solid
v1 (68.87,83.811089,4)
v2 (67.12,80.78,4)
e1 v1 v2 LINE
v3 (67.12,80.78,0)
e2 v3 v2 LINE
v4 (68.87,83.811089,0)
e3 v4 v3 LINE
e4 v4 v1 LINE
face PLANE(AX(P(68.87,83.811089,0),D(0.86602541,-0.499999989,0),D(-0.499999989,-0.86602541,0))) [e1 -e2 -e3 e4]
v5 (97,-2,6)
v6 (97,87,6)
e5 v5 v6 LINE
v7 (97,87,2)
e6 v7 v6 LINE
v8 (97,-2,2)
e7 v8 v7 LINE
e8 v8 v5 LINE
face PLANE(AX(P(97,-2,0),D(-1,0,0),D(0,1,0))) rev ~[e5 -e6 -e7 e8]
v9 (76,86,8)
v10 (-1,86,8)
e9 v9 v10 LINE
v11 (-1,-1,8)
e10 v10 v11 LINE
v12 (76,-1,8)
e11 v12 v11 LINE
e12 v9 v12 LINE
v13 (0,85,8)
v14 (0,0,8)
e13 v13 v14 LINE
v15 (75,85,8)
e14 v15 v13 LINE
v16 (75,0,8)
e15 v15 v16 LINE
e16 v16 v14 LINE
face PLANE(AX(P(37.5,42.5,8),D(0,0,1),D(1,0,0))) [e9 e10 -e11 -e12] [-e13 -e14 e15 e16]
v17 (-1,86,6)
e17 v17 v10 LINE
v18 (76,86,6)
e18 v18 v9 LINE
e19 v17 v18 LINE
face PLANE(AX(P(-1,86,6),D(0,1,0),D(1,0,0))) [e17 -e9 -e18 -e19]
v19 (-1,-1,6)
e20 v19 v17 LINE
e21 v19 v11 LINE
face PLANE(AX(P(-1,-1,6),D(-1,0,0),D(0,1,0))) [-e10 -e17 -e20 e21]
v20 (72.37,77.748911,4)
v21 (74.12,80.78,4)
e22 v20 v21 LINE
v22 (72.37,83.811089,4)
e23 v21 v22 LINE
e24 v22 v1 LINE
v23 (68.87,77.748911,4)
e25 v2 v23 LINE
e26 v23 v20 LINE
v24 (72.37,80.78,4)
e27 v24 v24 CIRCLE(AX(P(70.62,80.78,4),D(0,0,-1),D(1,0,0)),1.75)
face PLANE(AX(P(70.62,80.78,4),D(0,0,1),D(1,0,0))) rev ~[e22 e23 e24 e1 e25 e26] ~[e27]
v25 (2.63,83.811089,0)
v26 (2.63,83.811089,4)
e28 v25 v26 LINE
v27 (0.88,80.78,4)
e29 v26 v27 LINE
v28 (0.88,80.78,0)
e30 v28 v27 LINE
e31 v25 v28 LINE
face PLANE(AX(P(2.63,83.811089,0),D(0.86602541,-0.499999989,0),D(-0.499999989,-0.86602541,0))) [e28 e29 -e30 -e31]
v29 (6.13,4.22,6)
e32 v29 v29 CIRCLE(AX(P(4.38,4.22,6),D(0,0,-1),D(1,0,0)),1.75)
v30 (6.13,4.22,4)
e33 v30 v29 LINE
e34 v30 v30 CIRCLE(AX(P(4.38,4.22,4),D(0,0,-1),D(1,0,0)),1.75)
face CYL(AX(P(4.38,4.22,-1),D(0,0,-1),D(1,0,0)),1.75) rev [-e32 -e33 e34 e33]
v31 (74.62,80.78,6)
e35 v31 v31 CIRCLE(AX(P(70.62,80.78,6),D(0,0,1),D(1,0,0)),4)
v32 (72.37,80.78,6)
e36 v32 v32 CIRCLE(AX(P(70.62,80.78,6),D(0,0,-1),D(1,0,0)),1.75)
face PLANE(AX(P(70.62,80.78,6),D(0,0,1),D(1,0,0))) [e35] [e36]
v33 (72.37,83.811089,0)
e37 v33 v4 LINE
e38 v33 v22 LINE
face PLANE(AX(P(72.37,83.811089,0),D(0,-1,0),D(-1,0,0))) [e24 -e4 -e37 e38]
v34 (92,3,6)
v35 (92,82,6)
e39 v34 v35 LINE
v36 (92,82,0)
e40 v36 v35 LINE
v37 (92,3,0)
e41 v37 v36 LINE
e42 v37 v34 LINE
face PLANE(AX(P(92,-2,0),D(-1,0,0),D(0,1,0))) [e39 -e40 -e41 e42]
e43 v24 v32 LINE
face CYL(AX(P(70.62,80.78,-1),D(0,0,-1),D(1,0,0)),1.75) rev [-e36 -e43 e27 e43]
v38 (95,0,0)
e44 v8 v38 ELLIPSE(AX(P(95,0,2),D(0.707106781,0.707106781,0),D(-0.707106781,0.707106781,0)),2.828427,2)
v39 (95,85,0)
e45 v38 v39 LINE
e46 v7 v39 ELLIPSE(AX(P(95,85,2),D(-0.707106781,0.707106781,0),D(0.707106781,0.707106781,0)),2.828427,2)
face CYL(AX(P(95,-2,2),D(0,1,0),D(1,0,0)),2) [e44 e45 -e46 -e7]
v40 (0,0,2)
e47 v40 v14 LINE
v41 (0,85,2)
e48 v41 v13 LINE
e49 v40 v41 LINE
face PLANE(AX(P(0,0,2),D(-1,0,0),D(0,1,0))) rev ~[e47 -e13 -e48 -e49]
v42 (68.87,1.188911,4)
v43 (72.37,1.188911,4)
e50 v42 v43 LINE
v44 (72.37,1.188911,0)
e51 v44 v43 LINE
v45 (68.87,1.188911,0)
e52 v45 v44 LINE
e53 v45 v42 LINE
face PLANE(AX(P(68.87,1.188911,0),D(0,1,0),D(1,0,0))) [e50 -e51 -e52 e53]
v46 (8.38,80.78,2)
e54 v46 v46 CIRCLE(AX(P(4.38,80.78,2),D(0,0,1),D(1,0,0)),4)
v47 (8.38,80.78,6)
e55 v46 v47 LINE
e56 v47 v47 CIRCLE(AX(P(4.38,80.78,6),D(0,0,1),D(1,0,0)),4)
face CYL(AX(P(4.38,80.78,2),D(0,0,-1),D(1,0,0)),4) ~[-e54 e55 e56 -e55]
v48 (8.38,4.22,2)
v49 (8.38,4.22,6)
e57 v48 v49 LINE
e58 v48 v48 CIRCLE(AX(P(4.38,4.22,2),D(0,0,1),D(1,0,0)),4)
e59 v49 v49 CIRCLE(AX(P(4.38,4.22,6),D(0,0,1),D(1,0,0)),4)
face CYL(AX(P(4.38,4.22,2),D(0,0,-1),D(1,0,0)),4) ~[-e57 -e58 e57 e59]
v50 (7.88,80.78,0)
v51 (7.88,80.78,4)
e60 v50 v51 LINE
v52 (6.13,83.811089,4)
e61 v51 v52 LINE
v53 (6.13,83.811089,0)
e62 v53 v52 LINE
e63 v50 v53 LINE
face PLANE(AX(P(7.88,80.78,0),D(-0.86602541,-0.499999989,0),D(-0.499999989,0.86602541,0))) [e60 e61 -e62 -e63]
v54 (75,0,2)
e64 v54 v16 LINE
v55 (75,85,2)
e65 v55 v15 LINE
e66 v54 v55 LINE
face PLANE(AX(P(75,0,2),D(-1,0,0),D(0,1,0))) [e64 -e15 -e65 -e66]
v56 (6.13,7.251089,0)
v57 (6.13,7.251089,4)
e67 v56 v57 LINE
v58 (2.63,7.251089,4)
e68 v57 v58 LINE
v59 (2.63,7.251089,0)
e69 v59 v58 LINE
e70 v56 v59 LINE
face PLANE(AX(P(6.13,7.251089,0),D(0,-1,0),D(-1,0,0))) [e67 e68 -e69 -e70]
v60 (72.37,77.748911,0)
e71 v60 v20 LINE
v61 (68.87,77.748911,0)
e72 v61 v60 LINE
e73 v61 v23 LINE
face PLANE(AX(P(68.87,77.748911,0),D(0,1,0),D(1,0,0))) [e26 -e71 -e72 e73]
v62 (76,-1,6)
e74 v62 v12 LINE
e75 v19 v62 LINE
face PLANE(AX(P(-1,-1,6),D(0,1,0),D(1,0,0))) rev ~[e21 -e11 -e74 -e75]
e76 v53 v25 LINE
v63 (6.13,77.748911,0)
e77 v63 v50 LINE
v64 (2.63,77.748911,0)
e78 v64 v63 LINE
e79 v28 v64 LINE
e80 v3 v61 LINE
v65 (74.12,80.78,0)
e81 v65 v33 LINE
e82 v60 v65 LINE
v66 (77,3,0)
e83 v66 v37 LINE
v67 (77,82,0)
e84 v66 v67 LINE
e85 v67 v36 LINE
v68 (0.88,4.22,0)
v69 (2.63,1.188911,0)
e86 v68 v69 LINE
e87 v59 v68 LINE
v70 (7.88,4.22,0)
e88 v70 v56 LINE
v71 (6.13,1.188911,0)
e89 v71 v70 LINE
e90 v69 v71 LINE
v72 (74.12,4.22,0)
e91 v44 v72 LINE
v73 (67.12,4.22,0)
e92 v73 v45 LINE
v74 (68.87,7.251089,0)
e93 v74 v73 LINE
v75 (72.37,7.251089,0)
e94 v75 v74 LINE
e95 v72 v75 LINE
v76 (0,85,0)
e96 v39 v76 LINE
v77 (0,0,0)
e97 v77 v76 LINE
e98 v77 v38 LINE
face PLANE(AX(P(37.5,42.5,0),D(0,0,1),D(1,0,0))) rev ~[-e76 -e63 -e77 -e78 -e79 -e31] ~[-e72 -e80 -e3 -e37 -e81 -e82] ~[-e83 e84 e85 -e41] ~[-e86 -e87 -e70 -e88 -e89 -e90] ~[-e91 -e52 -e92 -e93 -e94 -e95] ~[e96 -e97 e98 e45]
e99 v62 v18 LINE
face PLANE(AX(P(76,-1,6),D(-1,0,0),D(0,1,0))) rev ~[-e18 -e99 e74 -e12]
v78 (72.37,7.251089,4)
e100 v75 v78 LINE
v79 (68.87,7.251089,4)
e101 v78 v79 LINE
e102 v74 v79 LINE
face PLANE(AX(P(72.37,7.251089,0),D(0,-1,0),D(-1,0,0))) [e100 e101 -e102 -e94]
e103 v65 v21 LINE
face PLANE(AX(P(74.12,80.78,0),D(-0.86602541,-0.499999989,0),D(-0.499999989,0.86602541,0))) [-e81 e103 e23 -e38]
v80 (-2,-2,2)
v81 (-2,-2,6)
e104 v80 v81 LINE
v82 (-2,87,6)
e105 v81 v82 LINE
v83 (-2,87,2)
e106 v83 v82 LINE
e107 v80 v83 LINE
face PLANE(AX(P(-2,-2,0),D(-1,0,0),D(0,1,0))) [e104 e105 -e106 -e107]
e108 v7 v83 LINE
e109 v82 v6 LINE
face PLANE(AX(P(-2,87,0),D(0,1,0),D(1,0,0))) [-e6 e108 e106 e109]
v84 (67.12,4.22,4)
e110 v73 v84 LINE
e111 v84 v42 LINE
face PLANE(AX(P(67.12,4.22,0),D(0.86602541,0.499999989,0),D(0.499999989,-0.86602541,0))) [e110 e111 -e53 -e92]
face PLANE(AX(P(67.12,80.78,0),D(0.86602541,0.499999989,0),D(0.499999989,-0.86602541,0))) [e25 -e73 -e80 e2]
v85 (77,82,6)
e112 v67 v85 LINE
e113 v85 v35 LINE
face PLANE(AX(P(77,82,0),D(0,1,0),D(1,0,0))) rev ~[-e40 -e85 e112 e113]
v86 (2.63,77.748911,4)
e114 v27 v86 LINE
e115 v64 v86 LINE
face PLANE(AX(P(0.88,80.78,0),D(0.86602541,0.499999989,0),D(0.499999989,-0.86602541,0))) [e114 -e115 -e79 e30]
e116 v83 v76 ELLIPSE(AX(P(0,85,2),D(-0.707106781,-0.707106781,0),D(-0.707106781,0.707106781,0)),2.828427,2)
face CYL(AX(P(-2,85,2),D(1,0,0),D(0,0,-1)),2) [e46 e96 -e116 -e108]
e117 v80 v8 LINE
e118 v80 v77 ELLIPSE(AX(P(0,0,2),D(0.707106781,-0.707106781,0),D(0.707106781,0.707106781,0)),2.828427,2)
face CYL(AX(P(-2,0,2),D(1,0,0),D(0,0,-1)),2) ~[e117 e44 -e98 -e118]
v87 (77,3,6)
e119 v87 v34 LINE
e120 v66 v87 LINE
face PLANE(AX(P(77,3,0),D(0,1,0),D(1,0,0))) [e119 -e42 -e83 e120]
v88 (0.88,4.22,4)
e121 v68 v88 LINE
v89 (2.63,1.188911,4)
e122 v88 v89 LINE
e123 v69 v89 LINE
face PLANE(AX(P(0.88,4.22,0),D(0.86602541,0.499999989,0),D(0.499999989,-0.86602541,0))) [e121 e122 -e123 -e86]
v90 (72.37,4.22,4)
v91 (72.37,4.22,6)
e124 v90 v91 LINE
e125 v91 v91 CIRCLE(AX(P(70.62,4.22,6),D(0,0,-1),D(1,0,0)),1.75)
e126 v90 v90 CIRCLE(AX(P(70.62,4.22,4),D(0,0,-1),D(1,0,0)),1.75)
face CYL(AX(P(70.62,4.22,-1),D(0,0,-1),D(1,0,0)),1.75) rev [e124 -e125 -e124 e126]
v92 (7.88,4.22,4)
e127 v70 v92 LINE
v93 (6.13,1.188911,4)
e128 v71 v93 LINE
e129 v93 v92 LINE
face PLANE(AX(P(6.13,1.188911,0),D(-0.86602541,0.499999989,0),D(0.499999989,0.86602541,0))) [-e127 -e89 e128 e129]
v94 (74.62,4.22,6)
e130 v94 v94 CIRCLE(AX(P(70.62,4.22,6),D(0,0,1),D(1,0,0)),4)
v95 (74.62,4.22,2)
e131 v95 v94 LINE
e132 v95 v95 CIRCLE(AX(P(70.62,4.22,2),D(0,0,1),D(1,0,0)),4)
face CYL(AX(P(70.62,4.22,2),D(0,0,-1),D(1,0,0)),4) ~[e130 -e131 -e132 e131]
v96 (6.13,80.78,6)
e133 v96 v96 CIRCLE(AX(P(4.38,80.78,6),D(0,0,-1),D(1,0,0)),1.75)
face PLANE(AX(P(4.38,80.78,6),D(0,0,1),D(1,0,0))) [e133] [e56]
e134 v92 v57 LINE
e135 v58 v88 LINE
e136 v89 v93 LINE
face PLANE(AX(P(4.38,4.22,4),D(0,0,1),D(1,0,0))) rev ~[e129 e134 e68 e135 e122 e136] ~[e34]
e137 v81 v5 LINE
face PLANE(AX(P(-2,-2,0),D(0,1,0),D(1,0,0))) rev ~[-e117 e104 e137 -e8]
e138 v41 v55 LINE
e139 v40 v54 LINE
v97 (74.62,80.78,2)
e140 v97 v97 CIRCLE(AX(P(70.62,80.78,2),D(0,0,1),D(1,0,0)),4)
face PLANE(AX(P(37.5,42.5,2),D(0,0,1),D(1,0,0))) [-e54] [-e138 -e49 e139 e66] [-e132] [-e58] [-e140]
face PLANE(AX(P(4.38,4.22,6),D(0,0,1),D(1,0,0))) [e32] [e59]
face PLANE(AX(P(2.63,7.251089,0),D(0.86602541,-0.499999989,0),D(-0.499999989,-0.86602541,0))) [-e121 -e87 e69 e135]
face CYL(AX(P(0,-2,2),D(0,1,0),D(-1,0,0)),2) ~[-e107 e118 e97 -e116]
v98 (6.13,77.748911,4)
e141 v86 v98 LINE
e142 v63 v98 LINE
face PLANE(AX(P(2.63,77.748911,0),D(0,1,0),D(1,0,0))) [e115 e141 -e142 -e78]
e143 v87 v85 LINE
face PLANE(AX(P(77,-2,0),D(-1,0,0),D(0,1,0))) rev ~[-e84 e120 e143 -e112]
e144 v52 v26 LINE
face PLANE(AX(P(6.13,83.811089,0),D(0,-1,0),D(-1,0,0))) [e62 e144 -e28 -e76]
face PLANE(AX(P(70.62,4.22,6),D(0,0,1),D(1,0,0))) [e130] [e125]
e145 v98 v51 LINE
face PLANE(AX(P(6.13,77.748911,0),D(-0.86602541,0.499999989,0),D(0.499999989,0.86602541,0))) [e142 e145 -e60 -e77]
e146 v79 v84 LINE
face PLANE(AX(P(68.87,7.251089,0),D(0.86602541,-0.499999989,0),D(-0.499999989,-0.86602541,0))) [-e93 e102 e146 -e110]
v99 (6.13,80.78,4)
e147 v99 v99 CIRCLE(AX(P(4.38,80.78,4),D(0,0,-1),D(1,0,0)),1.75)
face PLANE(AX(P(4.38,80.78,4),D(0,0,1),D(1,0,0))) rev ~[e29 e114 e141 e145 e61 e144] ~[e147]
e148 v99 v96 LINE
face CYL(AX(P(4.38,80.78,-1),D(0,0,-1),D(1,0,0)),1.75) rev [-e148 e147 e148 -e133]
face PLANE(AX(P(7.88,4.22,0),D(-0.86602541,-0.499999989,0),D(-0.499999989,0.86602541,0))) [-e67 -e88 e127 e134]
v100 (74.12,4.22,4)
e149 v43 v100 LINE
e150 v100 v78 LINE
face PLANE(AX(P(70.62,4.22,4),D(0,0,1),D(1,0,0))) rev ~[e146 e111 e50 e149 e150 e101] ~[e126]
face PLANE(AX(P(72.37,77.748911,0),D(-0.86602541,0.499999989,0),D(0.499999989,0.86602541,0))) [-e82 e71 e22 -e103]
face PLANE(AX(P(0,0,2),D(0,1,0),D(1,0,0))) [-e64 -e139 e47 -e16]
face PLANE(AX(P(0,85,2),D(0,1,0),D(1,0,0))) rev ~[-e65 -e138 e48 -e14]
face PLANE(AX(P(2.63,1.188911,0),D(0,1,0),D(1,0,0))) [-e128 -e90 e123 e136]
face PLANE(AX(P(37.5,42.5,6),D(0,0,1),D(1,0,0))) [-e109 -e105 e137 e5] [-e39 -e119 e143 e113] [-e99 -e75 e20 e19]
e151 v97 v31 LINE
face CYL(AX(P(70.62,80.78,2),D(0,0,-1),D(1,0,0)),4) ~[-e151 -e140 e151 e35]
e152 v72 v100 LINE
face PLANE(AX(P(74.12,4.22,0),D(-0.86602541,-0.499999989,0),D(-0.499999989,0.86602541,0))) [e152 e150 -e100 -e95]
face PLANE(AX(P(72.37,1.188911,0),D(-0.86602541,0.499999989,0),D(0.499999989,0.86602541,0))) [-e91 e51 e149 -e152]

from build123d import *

# Parameters (mm, degrees)
BOX003_W          = 77
BOX003_H          = 87
BOX003_DEPTH      = 10
BOX002_W          = 79
BOX002_H          = 89
BOX002_DEPTH      = 10
CYLINDER005_R     = 1.75
CYLINDER005_DEPTH = 10
CYLINDER006_R     = 1.75
CYLINDER006_DEPTH = 10
CYLINDER007_R     = 1.75
CYLINDER007_DEPTH = 10
CYLINDER008_R     = 1.75
CYLINDER008_DEPTH = 10
PRISM_DEPTH       = 4
PRISM001_DEPTH    = 4
PRISM002_DEPTH    = 4
PRISM003_DEPTH    = 4
CYLINDER_R        = 1.75
CYLINDER_DEPTH    = 10
CYLINDER001_R     = 1.75
CYLINDER001_DEPTH = 10
CYLINDER002_R     = 1.75
CYLINDER002_DEPTH = 10
CYLINDER003_R     = 1.75
CYLINDER003_DEPTH = 10
BOX_W             = 75
BOX_H             = 85
BOX_DEPTH         = 10
BOX001_W          = 79
BOX001_H          = 89
BOX001_DEPTH      = 8
CYLINDER011_R     = 4
CYLINDER011_DEPTH = 4
CYLINDER010_R     = 4
CYLINDER010_DEPTH = 4
CYLINDER009_R     = 4
CYLINDER009_DEPTH = 4
CYLINDER004_R     = 4
CYLINDER004_DEPTH = 4
FILLET001_R       = 2
BOX005_W          = 15
BOX005_H          = 5
BOX005_DEPTH      = 6
BOX006_W          = 5
BOX006_H          = 89
BOX006_DEPTH      = 6
BOX004_W          = 15
BOX004_H          = 5
BOX004_DEPTH      = 6
FILLET_R          = 2


with BuildPart() as cube003:
    # Box003 → Box003 (new body)
    with BuildSketch(Plane(origin=(-1, -1, 10), x_dir=(1, 0, 0), z_dir=(0, 0, 1))):
        with Locations((38.5, 43.5)):
            Rectangle(BOX003_W, BOX003_H)
    extrude(amount=BOX003_DEPTH)


with BuildPart() as cut013:
    # Box002 → Box002 (new body)
    with BuildSketch(Plane(origin=(-2, -2, 10), x_dir=(1, 0, 0), z_dir=(0, 0, 1))):
        with Locations((39.5, 44.5)):
            Rectangle(BOX002_W, BOX002_H)
    extrude(amount=BOX002_DEPTH)

    # Cut013: cut Cube003
    add(cube003.part, mode=Mode.SUBTRACT)


with BuildPart() as cut013_1:
    # Cut013 placement: moved
    add(cut013.part.moved(Location((0, 0, -4))))


with BuildPart() as cylinder005:
    # Cylinder005 → Cylinder005 (new body)
    with BuildSketch(Plane(origin=(4.38, 4.22, -1), x_dir=(1, 0, 0), z_dir=(0, 0, 1))):
        Circle(CYLINDER005_R)
    extrude(amount=CYLINDER005_DEPTH)


with BuildPart() as cylinder006:
    # Cylinder006 → Cylinder006 (new body)
    with BuildSketch(Plane(origin=(70.62, 4.22, -1), x_dir=(1, 0, 0), z_dir=(0, 0, 1))):
        Circle(CYLINDER006_R)
    extrude(amount=CYLINDER006_DEPTH)


with BuildPart() as cylinder007:
    # Cylinder007 → Cylinder007 (new body)
    with BuildSketch(Plane(origin=(70.62, 80.78, -1), x_dir=(1, 0, 0), z_dir=(0, 0, 1))):
        Circle(CYLINDER007_R)
    extrude(amount=CYLINDER007_DEPTH)


with BuildPart() as cylinder008:
    # Cylinder008 → Cylinder008 (new body)
    with BuildSketch(Plane(origin=(4.38, 80.78, -1), x_dir=(1, 0, 0), z_dir=(0, 0, 1))):
        Circle(CYLINDER008_R)
    extrude(amount=CYLINDER008_DEPTH)


with BuildPart() as prism:
    # Prism → Prism (new body)
    with BuildSketch(Plane(origin=(4.38, 4.22, 0), x_dir=(1, 0, 0), z_dir=(0, 0, 1))):
        Polygon((3.5, 0), (1.75, 3.031089), (-1.75, 3.031089), (-3.5, 0), (-1.75, -3.031089), (1.75, -3.031089), align=None)
    extrude(amount=PRISM_DEPTH)


with BuildPart() as prism001:
    # Prism001 → Prism001 (new body)
    with BuildSketch(Plane(origin=(70.62, 4.22, 0), x_dir=(1, 0, 0), z_dir=(0, 0, 1))):
        Polygon((3.5, 0), (1.75, 3.031089), (-1.75, 3.031089), (-3.5, 0), (-1.75, -3.031089), (1.75, -3.031089), align=None)
    extrude(amount=PRISM001_DEPTH)


with BuildPart() as prism002:
    # Prism002 → Prism002 (new body)
    with BuildSketch(Plane(origin=(70.62, 80.78, 0), x_dir=(1, 0, 0), z_dir=(0, 0, 1))):
        Polygon((3.5, 0), (1.75, 3.031089), (-1.75, 3.031089), (-3.5, 0), (-1.75, -3.031089), (1.75, -3.031089), align=None)
    extrude(amount=PRISM002_DEPTH)


with BuildPart() as prism003:
    # Prism003 → Prism003 (new body)
    with BuildSketch(Plane(origin=(4.38, 80.78, 0), x_dir=(1, 0, 0), z_dir=(0, 0, 1))):
        Polygon((3.5, 0), (1.75, 3.031089), (-1.75, 3.031089), (-3.5, 0), (-1.75, -3.031089), (1.75, -3.031089), align=None)
    extrude(amount=PRISM003_DEPTH)


with BuildPart() as cylinder:
    # Cylinder → Cylinder (new body)
    with BuildSketch(Plane(origin=(4.38, 80.78, 0), x_dir=(1, 0, 0), z_dir=(0, 0, 1))):
        Circle(CYLINDER_R)
    extrude(amount=CYLINDER_DEPTH)


with BuildPart() as cylinder001:
    # Cylinder001 → Cylinder001 (new body)
    with BuildSketch(Plane(origin=(70.62, 80.78, 0), x_dir=(1, 0, 0), z_dir=(0, 0, 1))):
        Circle(CYLINDER001_R)
    extrude(amount=CYLINDER001_DEPTH)


with BuildPart() as cylinder002:
    # Cylinder002 → Cylinder002 (new body)
    with BuildSketch(Plane(origin=(70.62, 4.22, 0), x_dir=(1, 0, 0), z_dir=(0, 0, 1))):
        Circle(CYLINDER002_R)
    extrude(amount=CYLINDER002_DEPTH)


with BuildPart() as cylinder003:
    # Cylinder003 → Cylinder003 (new body)
    with BuildSketch(Plane(origin=(4.38, 4.22, 0), x_dir=(1, 0, 0), z_dir=(0, 0, 1))):
        Circle(CYLINDER003_R)
    extrude(amount=CYLINDER003_DEPTH)


with BuildPart() as cube:
    # Box → Box (new body)
    with BuildSketch(Plane.XY.offset(2)):
        with Locations((37.5, 42.5)):
            Rectangle(BOX_W, BOX_H)
    extrude(amount=BOX_DEPTH)


with BuildPart() as cut004:
    # Box001 → Box001 (new body)
    with BuildSketch(Plane(origin=(-2, -2, 0), x_dir=(1, 0, 0), z_dir=(0, 0, 1))):
        with Locations((39.5, 44.5)):
            Rectangle(BOX001_W, BOX001_H)
    extrude(amount=BOX001_DEPTH)

    # Cut: cut Cube
    add(cube.part, mode=Mode.SUBTRACT)

    # Cut001: cut Cylinder003
    add(cylinder003.part, mode=Mode.SUBTRACT)

    # Cut002: cut Cylinder002
    add(cylinder002.part, mode=Mode.SUBTRACT)

    # Cut003: cut Cylinder001
    add(cylinder001.part, mode=Mode.SUBTRACT)

    # Cut004: cut Cylinder
    add(cylinder.part, mode=Mode.SUBTRACT)


with BuildPart() as fusion:
    # Cylinder011 → Cylinder011 (new body)
    with BuildSketch(Plane(origin=(4.38, 80.78, 2), x_dir=(1, 0, 0), z_dir=(0, 0, 1))):
        Circle(CYLINDER011_R)
    extrude(amount=CYLINDER011_DEPTH)

    # Fusion: union Cut004
    add(cut004.part)


with BuildPart() as fusion001:
    # Cylinder010 → Cylinder010 (new body)
    with BuildSketch(Plane(origin=(70.62, 80.78, 2), x_dir=(1, 0, 0), z_dir=(0, 0, 1))):
        Circle(CYLINDER010_R)
    extrude(amount=CYLINDER010_DEPTH)

    # Fusion001: union Fusion
    add(fusion.part)


with BuildPart() as fusion002:
    # Cylinder009 → Cylinder009 (new body)
    with BuildSketch(Plane(origin=(70.62, 4.22, 2), x_dir=(1, 0, 0), z_dir=(0, 0, 1))):
        Circle(CYLINDER009_R)
    extrude(amount=CYLINDER009_DEPTH)

    # Fusion002: union Fusion001
    add(fusion001.part)


with BuildPart() as fillet001:
    # Cylinder004 → Cylinder004 (new body)
    with BuildSketch(Plane(origin=(4.38, 4.22, 2), x_dir=(1, 0, 0), z_dir=(0, 0, 1))):
        Circle(CYLINDER004_R)
    extrude(amount=CYLINDER004_DEPTH)

    # Fusion003: union Fusion002
    add(fusion002.part)

    # Cut005: cut Prism003
    add(prism003.part, mode=Mode.SUBTRACT)

    # Cut006: cut Prism002
    add(prism002.part, mode=Mode.SUBTRACT)

    # Cut007: cut Prism001
    add(prism001.part, mode=Mode.SUBTRACT)

    # Cut008: cut Prism
    add(prism.part, mode=Mode.SUBTRACT)

    # Cut009: cut Cylinder008
    add(cylinder008.part, mode=Mode.SUBTRACT)

    # Cut010: cut Cylinder007
    add(cylinder007.part, mode=Mode.SUBTRACT)

    # Cut011: cut Cylinder006
    add(cylinder006.part, mode=Mode.SUBTRACT)

    # Cut012: cut Cylinder005
    add(cylinder005.part, mode=Mode.SUBTRACT)

    # Cut014: cut Cut013
    add(cut013_1.part, mode=Mode.SUBTRACT)

    # Fillet001
    fillet001_edges = [fillet001.edges().sort_by_distance(p)[0] for p in [
        (-2, 42.5, 0),
        (37.5, 87, 0),
        (37.5, -2, 0),
    ]]
    fillet(fillet001_edges, radius=FILLET001_R)


with BuildPart() as cube005:
    # Box005 → Box005 (new body)
    with BuildSketch(Plane(origin=(77, 82, 0), x_dir=(1, 0, 0), z_dir=(0, 0, 1))):
        with Locations((7.5, 2.5)):
            Rectangle(BOX005_W, BOX005_H)
    extrude(amount=BOX005_DEPTH)


with BuildPart() as cube006:
    # Box006 → Box006 (new body)
    with BuildSketch(Plane(origin=(92, -2, 0), x_dir=(1, 0, 0), z_dir=(0, 0, 1))):
        with Locations((2.5, 44.5)):
            Rectangle(BOX006_W, BOX006_H)
    extrude(amount=BOX006_DEPTH)


with BuildPart() as fusion005:
    # Box004 → Box004 (new body)
    with BuildSketch(Plane(origin=(77, -2, 0), x_dir=(1, 0, 0), z_dir=(0, 0, 1))):
        with Locations((7.5, 2.5)):
            Rectangle(BOX004_W, BOX004_H)
    extrude(amount=BOX004_DEPTH)

    # Fusion004: union Cube005, Cube006
    add(cube005.part)
    add(cube006.part)

    # Fillet
    fillet_edges = [fusion005.edges().sort_by_distance(p)[0] for p in [
        (84.5, -2, 0),
        (97, 42.5, 0),
        (84.5, 87, 0),
    ]]
    fillet(fillet_edges, radius=FILLET_R)

    # Fusion005: union Fillet001
    add(fillet001.part)


solid = fusion005.part
